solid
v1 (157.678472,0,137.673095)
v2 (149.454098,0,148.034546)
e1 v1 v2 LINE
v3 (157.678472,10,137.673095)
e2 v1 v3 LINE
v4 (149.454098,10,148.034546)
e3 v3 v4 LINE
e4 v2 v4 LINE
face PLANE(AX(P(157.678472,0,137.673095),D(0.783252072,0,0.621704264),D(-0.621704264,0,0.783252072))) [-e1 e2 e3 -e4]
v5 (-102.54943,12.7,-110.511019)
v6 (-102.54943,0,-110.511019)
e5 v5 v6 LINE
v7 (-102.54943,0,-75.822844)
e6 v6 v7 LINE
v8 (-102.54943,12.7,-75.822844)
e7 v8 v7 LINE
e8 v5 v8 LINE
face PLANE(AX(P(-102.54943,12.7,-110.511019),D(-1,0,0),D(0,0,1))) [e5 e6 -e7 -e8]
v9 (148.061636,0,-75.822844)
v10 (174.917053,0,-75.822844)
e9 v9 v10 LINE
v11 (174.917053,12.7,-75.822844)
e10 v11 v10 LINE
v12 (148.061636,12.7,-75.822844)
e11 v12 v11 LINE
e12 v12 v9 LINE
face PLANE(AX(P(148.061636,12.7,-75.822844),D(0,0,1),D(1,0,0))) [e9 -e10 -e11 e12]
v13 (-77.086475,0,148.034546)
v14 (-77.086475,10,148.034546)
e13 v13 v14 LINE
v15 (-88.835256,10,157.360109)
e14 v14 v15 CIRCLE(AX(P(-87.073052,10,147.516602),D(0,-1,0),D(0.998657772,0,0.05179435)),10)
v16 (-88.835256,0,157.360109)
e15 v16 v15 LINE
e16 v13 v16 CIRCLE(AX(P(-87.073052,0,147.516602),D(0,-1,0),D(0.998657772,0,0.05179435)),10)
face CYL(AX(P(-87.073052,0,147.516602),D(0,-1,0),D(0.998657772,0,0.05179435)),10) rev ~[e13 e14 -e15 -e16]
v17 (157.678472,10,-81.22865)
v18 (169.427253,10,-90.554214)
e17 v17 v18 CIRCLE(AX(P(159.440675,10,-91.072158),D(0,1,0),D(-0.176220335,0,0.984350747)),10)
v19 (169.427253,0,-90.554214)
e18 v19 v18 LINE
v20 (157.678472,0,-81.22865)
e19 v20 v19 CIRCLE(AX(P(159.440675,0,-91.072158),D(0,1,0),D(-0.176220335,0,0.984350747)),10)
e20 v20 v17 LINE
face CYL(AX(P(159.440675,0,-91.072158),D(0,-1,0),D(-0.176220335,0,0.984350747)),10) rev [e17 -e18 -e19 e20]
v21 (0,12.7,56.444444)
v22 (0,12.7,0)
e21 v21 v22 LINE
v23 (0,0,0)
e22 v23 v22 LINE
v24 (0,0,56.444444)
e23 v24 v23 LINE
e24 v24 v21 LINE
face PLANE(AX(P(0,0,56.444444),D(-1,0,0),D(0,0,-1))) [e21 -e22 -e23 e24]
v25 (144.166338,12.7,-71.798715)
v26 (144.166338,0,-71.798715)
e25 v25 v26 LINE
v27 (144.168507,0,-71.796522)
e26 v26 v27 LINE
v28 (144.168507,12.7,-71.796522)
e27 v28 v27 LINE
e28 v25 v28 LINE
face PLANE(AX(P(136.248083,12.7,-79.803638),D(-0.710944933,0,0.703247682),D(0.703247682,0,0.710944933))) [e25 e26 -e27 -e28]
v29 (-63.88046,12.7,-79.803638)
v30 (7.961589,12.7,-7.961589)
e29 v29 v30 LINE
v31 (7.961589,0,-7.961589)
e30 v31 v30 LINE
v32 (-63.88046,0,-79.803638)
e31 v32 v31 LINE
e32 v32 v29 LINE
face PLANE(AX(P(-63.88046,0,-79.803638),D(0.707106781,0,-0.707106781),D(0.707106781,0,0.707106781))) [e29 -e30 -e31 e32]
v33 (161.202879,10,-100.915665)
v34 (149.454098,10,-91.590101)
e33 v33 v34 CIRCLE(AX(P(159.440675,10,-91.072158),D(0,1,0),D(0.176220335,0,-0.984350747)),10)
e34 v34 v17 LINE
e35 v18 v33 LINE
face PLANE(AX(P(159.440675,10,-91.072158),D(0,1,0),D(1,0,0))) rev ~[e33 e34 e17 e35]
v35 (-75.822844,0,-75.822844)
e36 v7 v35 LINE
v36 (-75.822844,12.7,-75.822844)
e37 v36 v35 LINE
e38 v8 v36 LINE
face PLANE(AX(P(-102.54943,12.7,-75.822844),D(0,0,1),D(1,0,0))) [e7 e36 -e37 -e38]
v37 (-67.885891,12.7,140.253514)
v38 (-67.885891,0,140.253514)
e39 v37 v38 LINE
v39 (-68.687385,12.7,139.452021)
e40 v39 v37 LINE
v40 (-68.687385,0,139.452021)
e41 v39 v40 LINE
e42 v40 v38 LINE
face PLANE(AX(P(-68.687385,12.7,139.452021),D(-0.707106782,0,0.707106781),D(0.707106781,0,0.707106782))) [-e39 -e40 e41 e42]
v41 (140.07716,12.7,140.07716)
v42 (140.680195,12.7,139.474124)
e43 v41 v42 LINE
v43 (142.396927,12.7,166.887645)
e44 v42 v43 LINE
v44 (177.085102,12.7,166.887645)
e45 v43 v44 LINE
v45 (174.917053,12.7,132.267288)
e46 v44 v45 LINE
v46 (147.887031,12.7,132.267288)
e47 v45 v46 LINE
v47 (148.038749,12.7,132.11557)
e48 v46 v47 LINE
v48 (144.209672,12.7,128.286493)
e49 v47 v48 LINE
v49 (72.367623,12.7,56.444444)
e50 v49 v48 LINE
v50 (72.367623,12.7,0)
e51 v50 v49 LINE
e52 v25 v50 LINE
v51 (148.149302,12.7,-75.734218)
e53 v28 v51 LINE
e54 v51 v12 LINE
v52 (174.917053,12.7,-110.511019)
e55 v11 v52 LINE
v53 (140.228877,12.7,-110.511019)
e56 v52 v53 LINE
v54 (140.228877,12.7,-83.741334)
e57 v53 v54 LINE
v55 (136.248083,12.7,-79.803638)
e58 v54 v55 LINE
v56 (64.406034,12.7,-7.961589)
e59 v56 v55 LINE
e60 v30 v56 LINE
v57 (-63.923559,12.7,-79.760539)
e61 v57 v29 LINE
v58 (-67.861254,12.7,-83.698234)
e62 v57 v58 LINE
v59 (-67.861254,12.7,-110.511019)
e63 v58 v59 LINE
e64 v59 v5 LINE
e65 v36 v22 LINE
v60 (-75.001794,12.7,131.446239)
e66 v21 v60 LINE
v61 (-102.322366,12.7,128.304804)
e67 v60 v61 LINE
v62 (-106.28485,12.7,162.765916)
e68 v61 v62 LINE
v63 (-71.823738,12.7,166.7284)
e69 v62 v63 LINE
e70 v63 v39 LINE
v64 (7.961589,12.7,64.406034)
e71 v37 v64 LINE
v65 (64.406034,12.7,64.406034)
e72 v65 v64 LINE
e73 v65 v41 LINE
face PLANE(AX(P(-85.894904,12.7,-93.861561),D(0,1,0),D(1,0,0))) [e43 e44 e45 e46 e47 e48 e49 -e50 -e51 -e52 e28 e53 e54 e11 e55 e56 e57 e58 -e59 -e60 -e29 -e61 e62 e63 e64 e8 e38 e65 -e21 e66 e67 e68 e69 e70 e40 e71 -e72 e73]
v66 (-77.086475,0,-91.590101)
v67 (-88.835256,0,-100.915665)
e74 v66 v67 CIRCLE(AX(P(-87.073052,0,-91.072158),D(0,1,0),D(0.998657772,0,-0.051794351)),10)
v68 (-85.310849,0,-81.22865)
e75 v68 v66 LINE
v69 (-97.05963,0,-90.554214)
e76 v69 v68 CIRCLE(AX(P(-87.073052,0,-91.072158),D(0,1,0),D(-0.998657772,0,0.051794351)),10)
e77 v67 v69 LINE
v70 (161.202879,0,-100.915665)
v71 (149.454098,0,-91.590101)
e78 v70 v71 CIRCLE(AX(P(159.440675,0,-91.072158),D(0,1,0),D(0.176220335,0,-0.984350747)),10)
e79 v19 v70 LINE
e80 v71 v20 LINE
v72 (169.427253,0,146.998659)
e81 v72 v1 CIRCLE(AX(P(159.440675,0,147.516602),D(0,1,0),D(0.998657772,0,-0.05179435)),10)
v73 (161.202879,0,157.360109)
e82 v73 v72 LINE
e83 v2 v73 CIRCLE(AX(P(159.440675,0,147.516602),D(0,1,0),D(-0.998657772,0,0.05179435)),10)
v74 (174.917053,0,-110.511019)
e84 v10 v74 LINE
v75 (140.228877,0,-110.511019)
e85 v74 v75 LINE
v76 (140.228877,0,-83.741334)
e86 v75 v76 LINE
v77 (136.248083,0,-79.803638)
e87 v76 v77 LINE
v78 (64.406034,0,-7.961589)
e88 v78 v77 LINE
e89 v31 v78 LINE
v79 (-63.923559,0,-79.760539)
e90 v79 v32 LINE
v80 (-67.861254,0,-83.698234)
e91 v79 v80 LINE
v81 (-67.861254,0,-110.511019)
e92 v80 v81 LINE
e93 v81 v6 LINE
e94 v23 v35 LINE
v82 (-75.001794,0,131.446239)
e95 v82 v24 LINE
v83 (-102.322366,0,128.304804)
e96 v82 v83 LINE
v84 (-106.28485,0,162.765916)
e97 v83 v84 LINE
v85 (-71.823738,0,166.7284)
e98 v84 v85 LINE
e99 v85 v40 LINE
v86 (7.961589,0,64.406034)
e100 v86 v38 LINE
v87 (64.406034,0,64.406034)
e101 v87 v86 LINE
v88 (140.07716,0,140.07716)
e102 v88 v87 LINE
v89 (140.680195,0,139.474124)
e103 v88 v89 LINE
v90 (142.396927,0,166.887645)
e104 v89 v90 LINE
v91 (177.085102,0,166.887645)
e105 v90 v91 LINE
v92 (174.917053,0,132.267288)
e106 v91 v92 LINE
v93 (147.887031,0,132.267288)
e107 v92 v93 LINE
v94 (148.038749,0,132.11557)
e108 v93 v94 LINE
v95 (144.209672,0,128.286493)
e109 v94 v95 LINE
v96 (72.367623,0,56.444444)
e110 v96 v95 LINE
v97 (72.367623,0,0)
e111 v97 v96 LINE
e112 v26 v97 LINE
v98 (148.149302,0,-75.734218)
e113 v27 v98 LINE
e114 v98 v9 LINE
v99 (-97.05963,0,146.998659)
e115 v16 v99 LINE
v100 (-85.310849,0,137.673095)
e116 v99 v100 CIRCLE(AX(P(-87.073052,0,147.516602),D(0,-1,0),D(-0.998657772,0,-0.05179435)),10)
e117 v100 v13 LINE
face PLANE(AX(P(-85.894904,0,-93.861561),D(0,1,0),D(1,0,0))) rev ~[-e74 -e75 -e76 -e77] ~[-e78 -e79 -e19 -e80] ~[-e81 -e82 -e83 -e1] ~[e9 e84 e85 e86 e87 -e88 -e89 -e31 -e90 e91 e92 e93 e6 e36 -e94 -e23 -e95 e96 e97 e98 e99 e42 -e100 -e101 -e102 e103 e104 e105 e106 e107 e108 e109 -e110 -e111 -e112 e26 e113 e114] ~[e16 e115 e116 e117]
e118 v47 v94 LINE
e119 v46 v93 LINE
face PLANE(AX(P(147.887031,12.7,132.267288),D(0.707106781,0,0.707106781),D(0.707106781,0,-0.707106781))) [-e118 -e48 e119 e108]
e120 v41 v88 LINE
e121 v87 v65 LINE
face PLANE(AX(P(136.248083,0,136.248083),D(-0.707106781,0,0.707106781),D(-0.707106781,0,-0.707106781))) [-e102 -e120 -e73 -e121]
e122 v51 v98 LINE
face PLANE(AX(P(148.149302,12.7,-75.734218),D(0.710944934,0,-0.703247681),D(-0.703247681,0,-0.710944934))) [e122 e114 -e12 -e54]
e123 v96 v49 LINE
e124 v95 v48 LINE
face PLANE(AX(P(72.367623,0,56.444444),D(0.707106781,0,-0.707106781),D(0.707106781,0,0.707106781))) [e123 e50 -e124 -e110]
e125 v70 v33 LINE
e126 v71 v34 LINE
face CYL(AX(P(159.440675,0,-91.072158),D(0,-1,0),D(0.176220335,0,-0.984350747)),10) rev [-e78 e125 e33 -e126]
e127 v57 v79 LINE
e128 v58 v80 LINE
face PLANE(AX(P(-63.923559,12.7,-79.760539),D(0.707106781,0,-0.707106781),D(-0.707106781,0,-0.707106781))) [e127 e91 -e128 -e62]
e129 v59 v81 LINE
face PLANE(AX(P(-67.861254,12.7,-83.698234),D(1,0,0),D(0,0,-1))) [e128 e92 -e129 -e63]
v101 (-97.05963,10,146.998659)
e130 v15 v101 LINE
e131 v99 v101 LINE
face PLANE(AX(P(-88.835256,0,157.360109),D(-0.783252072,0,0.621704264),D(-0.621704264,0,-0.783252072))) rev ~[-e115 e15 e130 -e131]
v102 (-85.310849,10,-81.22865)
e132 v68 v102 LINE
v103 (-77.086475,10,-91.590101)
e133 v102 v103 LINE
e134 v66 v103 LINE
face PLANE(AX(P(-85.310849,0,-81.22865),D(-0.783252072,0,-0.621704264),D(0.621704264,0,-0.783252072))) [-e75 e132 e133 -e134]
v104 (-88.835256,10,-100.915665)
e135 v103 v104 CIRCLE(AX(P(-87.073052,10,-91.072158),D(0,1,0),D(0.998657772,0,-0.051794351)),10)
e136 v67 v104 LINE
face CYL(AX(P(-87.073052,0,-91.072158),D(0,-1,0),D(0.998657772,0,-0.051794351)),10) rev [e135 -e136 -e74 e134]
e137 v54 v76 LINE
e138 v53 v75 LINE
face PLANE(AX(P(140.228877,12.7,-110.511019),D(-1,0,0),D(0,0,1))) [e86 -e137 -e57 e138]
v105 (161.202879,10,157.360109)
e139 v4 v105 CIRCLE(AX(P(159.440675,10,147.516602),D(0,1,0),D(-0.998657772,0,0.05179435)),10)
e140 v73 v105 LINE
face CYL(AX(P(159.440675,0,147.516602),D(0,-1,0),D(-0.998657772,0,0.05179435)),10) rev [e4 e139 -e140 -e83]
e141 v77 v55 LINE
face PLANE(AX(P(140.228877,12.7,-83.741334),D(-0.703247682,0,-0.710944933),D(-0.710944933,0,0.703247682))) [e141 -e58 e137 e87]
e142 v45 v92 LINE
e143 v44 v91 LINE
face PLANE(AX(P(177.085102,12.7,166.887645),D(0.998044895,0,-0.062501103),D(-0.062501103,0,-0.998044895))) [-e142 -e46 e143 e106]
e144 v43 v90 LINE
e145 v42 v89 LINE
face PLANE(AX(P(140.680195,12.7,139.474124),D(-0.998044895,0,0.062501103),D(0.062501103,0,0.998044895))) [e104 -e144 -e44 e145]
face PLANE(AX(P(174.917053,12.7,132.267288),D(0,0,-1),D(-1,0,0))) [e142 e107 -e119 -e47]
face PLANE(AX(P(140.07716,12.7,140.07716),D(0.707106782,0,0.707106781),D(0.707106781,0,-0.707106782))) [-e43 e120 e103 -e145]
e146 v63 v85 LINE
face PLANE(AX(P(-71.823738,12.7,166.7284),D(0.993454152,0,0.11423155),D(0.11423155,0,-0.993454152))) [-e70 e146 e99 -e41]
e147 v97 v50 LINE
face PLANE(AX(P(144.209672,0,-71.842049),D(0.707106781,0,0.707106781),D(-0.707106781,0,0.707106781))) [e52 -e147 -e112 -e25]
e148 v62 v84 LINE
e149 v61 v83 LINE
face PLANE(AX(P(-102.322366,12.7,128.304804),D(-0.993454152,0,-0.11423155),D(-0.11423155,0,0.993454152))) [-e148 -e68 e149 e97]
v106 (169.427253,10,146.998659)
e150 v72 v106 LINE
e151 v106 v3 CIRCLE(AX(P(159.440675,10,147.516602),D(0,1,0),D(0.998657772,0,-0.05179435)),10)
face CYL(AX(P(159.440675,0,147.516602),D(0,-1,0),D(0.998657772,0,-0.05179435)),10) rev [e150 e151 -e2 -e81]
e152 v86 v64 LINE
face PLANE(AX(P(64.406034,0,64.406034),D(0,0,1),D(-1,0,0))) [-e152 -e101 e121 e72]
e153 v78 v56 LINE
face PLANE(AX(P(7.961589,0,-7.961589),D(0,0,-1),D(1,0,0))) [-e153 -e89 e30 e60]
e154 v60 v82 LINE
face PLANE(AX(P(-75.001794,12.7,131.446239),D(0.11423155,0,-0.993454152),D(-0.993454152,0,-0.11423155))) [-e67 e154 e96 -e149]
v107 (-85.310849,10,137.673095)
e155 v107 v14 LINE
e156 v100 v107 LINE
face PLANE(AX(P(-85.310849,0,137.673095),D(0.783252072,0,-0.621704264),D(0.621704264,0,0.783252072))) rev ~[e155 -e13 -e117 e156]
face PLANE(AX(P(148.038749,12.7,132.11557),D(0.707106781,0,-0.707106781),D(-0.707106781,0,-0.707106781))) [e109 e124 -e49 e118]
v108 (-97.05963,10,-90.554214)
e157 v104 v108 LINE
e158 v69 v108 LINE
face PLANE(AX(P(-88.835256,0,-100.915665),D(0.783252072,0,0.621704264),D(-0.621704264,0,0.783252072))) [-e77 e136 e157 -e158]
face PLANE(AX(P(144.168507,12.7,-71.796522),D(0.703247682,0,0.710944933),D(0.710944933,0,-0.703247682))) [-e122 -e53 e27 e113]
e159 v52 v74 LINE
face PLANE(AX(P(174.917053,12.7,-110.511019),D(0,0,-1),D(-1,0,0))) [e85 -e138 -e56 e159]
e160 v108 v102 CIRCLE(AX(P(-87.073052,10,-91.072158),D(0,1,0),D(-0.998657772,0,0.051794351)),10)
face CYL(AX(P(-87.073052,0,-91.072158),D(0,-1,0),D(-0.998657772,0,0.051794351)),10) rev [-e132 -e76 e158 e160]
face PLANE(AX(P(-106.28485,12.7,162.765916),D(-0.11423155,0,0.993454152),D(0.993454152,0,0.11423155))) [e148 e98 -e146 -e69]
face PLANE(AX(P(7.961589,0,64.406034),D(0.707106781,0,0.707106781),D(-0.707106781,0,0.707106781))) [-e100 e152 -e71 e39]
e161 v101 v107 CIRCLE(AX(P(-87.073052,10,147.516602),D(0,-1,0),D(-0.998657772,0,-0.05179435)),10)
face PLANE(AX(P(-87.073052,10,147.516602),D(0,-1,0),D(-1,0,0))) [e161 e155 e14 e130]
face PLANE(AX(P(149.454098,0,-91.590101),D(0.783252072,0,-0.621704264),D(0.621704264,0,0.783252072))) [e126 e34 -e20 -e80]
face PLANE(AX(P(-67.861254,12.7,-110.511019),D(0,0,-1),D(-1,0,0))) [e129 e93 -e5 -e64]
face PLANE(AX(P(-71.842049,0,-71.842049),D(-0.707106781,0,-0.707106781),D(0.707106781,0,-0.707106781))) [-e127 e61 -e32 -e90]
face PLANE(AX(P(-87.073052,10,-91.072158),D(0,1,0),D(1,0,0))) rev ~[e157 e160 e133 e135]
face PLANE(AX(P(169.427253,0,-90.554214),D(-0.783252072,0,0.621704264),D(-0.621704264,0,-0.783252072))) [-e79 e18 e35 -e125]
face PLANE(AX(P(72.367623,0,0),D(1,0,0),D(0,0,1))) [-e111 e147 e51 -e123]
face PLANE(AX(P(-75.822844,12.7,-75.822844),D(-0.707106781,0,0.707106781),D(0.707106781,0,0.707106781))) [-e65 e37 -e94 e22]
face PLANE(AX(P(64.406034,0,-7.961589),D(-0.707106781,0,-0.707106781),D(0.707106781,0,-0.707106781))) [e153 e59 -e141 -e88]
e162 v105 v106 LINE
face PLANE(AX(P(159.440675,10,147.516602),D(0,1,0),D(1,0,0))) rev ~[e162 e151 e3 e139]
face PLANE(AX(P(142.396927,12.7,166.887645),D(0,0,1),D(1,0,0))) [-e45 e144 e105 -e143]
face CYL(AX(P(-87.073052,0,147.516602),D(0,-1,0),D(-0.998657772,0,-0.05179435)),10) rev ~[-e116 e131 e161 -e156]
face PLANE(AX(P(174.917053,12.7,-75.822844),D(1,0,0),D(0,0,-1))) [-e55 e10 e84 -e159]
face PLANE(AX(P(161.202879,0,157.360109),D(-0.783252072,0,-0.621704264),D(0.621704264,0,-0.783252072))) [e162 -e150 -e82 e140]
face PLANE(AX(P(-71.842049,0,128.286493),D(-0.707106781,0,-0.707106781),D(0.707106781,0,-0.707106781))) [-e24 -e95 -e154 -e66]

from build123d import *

# Parameters (mm, degrees)
BOSS_EXTRUDE1_DEPTH = 12.7
BOSS_EXTRUDE6_DEPTH = 12.7
CUT_EXTRUDE1_DEPTH  = 10


with BuildPart() as part:
    # Sketch1 → Boss-Extrude1 (new body)
    with BuildSketch(Plane(origin=(0, 0, 0), x_dir=(1, 0, 0), z_dir=(0, 1, 0))):
        Polygon((0, 0), (-71.842048969, 71.842048969), (-63.880459669, 79.803638268), (7.961589299, 7.961589299), (64.406033744, 7.961589299), (136.248082712, 79.803638268), (144.209672011, 71.842048969), (72.367623043, 0), (72.367623043, -56.444444444), (144.209672011, -128.286493413), (136.248082712, -136.248082712), (64.406033744, -64.406033744), (7.961589299, -64.406033744), (-63.880459669, -136.248082712), (-71.842048969, -128.286493413), (0, -56.444444444), align=None)
    extrude(amount=BOSS_EXTRUDE1_DEPTH)

    # Sketch4 → Boss-Extrude6 (add)
    with BuildSketch(Plane(origin=(0, 12.7, 0), x_dir=(1, 0, 0), z_dir=(0, 1, 0))):
        Polygon((-67.861254319, 110.511019008), (-102.549429709, 110.511019008), (-102.549429709, 75.822843618), (-75.822843618, 75.822843618), (-67.904353545, 83.741333692), (-67.861254319, 83.698234466), align=None)
        Polygon((-63.923558895, 79.760539042), (-67.861254319, 83.698234466), (-67.861254319, 75.822843618), align=None)
        Polygon((-67.861254319, 75.822843618), (-67.861254319, 83.698234466), (-67.904353545, 83.741333692), (-75.822843618, 75.822843618), align=None)
        Polygon((-67.861254319, 75.822843618), (-75.822843618, 75.822843618), (-71.842048969, 71.842048969), align=None)
        Polygon((148.06163561, 75.822843618), (140.228877362, 75.822843618), (140.228877362, 83.741333692), (136.248082712, 79.803638268), (144.168507311, 71.79652231), (148.14930196, 75.734217734), align=None)
        Polygon((140.228877362, 83.741333692), (140.228877362, 75.822843618), (148.06163561, 75.822843618), align=None)
        Polygon((140.228877362, 110.511019008), (140.228877362, 83.741333692), (148.06163561, 75.822843618), (174.917052842, 75.822843618), (174.917052842, 110.511019008), align=None)
        Polygon((144.209672011, -128.286493413), (140.228877362, -132.267288063), (147.887031193, -132.267288063), (148.038748927, -132.115570329), align=None)
        Polygon((147.887031193, -132.267288063), (140.228877362, -132.267288063), (140.680194952, -139.474124303), align=None)
        Polygon((140.680194952, -139.474124303), (140.228877362, -132.267288063), (136.248082712, -136.248082712), (140.077159628, -140.077159628), align=None)
        Polygon((174.917052842, -132.267288063), (147.887031193, -132.267288063), (140.680194952, -139.474124303), (142.396926606, -166.887644511), (177.085102086, -166.887644511), align=None)
        Polygon((-63.880459669, -136.248082712), (-67.861254319, -132.267288063), (-68.687385193, -139.452020723), (-67.885891437, -140.25351448), align=None)
        Polygon((-68.687385193, -139.452020723), (-67.861254319, -132.267288063), (-75.001794215, -131.446238659), (-75.847480736, -132.29192518), align=None)
        Polygon((-75.001794215, -131.446238659), (-67.861254319, -132.267288063), (-71.842048969, -128.286493413), align=None)
        Polygon((-71.823738367, -166.728400034), (-68.687385193, -139.452020723), (-75.847480736, -132.29192518), (-75.001794215, -131.446238659), (-102.32236629, -128.304804015), (-106.284850338, -162.765915986), align=None)
    extrude(amount=-BOSS_EXTRUDE6_DEPTH)

    # Sketch10 → Cut-Extrude1 (cut)
    with BuildSketch(Plane(origin=(0, 0, 0), x_dir=(-1, 0, 0), z_dir=(0, -1, 0))):
        with BuildLine():
            ThreePointArc((77.08647461, 91.590101085), (80.856009684, 98.904678295), (88.835255683, 100.915665051))
            Line((88.835255683, 100.915665051), (97.059630047, 90.554214075))
            ThreePointArc((97.059630047, 90.554214075), (93.290094973, 83.239636865), (85.310848974, 81.228650109))
            Line((85.310848974, 81.228650109), (77.08647461, 91.590101085))
        make_face()
        with BuildLine():
            Line((-169.42725309, 90.554214075), (-161.202878726, 100.915665051))
            ThreePointArc((-161.202878726, 100.915665051), (-153.223632727, 98.904678295), (-149.454097653, 91.590101085))
            Line((-149.454097653, 91.590101085), (-157.678472017, 81.228650109))
            ThreePointArc((-157.678472017, 81.228650109), (-165.657718016, 83.239636865), (-169.42725309, 90.554214075))
        make_face()
        with BuildLine():
            ThreePointArc((-149.454097653, -148.034545529), (-153.223632727, -155.34912274), (-161.202878726, -157.360109496))
            Line((-161.202878726, -157.360109496), (-169.42725309, -146.99865852))
            ThreePointArc((-169.42725309, -146.99865852), (-165.657718016, -139.684081309), (-157.678472017, -137.673094553))
            Line((-157.678472017, -137.673094553), (-149.454097653, -148.034545529))
        make_face()
        with BuildLine():
            ThreePointArc((77.08647461, -148.034545529), (80.856009684, -155.34912274), (88.835255683, -157.360109496))
            Line((88.835255683, -157.360109496), (97.059630047, -146.99865852))
            ThreePointArc((97.059630047, -146.99865852), (93.290094973, -139.684081309), (85.310848974, -137.673094553))
            Line((85.310848974, -137.673094553), (77.08647461, -148.034545529))
        make_face()
    extrude(amount=-CUT_EXTRUDE1_DEPTH, mode=Mode.SUBTRACT)


solid = part.part
